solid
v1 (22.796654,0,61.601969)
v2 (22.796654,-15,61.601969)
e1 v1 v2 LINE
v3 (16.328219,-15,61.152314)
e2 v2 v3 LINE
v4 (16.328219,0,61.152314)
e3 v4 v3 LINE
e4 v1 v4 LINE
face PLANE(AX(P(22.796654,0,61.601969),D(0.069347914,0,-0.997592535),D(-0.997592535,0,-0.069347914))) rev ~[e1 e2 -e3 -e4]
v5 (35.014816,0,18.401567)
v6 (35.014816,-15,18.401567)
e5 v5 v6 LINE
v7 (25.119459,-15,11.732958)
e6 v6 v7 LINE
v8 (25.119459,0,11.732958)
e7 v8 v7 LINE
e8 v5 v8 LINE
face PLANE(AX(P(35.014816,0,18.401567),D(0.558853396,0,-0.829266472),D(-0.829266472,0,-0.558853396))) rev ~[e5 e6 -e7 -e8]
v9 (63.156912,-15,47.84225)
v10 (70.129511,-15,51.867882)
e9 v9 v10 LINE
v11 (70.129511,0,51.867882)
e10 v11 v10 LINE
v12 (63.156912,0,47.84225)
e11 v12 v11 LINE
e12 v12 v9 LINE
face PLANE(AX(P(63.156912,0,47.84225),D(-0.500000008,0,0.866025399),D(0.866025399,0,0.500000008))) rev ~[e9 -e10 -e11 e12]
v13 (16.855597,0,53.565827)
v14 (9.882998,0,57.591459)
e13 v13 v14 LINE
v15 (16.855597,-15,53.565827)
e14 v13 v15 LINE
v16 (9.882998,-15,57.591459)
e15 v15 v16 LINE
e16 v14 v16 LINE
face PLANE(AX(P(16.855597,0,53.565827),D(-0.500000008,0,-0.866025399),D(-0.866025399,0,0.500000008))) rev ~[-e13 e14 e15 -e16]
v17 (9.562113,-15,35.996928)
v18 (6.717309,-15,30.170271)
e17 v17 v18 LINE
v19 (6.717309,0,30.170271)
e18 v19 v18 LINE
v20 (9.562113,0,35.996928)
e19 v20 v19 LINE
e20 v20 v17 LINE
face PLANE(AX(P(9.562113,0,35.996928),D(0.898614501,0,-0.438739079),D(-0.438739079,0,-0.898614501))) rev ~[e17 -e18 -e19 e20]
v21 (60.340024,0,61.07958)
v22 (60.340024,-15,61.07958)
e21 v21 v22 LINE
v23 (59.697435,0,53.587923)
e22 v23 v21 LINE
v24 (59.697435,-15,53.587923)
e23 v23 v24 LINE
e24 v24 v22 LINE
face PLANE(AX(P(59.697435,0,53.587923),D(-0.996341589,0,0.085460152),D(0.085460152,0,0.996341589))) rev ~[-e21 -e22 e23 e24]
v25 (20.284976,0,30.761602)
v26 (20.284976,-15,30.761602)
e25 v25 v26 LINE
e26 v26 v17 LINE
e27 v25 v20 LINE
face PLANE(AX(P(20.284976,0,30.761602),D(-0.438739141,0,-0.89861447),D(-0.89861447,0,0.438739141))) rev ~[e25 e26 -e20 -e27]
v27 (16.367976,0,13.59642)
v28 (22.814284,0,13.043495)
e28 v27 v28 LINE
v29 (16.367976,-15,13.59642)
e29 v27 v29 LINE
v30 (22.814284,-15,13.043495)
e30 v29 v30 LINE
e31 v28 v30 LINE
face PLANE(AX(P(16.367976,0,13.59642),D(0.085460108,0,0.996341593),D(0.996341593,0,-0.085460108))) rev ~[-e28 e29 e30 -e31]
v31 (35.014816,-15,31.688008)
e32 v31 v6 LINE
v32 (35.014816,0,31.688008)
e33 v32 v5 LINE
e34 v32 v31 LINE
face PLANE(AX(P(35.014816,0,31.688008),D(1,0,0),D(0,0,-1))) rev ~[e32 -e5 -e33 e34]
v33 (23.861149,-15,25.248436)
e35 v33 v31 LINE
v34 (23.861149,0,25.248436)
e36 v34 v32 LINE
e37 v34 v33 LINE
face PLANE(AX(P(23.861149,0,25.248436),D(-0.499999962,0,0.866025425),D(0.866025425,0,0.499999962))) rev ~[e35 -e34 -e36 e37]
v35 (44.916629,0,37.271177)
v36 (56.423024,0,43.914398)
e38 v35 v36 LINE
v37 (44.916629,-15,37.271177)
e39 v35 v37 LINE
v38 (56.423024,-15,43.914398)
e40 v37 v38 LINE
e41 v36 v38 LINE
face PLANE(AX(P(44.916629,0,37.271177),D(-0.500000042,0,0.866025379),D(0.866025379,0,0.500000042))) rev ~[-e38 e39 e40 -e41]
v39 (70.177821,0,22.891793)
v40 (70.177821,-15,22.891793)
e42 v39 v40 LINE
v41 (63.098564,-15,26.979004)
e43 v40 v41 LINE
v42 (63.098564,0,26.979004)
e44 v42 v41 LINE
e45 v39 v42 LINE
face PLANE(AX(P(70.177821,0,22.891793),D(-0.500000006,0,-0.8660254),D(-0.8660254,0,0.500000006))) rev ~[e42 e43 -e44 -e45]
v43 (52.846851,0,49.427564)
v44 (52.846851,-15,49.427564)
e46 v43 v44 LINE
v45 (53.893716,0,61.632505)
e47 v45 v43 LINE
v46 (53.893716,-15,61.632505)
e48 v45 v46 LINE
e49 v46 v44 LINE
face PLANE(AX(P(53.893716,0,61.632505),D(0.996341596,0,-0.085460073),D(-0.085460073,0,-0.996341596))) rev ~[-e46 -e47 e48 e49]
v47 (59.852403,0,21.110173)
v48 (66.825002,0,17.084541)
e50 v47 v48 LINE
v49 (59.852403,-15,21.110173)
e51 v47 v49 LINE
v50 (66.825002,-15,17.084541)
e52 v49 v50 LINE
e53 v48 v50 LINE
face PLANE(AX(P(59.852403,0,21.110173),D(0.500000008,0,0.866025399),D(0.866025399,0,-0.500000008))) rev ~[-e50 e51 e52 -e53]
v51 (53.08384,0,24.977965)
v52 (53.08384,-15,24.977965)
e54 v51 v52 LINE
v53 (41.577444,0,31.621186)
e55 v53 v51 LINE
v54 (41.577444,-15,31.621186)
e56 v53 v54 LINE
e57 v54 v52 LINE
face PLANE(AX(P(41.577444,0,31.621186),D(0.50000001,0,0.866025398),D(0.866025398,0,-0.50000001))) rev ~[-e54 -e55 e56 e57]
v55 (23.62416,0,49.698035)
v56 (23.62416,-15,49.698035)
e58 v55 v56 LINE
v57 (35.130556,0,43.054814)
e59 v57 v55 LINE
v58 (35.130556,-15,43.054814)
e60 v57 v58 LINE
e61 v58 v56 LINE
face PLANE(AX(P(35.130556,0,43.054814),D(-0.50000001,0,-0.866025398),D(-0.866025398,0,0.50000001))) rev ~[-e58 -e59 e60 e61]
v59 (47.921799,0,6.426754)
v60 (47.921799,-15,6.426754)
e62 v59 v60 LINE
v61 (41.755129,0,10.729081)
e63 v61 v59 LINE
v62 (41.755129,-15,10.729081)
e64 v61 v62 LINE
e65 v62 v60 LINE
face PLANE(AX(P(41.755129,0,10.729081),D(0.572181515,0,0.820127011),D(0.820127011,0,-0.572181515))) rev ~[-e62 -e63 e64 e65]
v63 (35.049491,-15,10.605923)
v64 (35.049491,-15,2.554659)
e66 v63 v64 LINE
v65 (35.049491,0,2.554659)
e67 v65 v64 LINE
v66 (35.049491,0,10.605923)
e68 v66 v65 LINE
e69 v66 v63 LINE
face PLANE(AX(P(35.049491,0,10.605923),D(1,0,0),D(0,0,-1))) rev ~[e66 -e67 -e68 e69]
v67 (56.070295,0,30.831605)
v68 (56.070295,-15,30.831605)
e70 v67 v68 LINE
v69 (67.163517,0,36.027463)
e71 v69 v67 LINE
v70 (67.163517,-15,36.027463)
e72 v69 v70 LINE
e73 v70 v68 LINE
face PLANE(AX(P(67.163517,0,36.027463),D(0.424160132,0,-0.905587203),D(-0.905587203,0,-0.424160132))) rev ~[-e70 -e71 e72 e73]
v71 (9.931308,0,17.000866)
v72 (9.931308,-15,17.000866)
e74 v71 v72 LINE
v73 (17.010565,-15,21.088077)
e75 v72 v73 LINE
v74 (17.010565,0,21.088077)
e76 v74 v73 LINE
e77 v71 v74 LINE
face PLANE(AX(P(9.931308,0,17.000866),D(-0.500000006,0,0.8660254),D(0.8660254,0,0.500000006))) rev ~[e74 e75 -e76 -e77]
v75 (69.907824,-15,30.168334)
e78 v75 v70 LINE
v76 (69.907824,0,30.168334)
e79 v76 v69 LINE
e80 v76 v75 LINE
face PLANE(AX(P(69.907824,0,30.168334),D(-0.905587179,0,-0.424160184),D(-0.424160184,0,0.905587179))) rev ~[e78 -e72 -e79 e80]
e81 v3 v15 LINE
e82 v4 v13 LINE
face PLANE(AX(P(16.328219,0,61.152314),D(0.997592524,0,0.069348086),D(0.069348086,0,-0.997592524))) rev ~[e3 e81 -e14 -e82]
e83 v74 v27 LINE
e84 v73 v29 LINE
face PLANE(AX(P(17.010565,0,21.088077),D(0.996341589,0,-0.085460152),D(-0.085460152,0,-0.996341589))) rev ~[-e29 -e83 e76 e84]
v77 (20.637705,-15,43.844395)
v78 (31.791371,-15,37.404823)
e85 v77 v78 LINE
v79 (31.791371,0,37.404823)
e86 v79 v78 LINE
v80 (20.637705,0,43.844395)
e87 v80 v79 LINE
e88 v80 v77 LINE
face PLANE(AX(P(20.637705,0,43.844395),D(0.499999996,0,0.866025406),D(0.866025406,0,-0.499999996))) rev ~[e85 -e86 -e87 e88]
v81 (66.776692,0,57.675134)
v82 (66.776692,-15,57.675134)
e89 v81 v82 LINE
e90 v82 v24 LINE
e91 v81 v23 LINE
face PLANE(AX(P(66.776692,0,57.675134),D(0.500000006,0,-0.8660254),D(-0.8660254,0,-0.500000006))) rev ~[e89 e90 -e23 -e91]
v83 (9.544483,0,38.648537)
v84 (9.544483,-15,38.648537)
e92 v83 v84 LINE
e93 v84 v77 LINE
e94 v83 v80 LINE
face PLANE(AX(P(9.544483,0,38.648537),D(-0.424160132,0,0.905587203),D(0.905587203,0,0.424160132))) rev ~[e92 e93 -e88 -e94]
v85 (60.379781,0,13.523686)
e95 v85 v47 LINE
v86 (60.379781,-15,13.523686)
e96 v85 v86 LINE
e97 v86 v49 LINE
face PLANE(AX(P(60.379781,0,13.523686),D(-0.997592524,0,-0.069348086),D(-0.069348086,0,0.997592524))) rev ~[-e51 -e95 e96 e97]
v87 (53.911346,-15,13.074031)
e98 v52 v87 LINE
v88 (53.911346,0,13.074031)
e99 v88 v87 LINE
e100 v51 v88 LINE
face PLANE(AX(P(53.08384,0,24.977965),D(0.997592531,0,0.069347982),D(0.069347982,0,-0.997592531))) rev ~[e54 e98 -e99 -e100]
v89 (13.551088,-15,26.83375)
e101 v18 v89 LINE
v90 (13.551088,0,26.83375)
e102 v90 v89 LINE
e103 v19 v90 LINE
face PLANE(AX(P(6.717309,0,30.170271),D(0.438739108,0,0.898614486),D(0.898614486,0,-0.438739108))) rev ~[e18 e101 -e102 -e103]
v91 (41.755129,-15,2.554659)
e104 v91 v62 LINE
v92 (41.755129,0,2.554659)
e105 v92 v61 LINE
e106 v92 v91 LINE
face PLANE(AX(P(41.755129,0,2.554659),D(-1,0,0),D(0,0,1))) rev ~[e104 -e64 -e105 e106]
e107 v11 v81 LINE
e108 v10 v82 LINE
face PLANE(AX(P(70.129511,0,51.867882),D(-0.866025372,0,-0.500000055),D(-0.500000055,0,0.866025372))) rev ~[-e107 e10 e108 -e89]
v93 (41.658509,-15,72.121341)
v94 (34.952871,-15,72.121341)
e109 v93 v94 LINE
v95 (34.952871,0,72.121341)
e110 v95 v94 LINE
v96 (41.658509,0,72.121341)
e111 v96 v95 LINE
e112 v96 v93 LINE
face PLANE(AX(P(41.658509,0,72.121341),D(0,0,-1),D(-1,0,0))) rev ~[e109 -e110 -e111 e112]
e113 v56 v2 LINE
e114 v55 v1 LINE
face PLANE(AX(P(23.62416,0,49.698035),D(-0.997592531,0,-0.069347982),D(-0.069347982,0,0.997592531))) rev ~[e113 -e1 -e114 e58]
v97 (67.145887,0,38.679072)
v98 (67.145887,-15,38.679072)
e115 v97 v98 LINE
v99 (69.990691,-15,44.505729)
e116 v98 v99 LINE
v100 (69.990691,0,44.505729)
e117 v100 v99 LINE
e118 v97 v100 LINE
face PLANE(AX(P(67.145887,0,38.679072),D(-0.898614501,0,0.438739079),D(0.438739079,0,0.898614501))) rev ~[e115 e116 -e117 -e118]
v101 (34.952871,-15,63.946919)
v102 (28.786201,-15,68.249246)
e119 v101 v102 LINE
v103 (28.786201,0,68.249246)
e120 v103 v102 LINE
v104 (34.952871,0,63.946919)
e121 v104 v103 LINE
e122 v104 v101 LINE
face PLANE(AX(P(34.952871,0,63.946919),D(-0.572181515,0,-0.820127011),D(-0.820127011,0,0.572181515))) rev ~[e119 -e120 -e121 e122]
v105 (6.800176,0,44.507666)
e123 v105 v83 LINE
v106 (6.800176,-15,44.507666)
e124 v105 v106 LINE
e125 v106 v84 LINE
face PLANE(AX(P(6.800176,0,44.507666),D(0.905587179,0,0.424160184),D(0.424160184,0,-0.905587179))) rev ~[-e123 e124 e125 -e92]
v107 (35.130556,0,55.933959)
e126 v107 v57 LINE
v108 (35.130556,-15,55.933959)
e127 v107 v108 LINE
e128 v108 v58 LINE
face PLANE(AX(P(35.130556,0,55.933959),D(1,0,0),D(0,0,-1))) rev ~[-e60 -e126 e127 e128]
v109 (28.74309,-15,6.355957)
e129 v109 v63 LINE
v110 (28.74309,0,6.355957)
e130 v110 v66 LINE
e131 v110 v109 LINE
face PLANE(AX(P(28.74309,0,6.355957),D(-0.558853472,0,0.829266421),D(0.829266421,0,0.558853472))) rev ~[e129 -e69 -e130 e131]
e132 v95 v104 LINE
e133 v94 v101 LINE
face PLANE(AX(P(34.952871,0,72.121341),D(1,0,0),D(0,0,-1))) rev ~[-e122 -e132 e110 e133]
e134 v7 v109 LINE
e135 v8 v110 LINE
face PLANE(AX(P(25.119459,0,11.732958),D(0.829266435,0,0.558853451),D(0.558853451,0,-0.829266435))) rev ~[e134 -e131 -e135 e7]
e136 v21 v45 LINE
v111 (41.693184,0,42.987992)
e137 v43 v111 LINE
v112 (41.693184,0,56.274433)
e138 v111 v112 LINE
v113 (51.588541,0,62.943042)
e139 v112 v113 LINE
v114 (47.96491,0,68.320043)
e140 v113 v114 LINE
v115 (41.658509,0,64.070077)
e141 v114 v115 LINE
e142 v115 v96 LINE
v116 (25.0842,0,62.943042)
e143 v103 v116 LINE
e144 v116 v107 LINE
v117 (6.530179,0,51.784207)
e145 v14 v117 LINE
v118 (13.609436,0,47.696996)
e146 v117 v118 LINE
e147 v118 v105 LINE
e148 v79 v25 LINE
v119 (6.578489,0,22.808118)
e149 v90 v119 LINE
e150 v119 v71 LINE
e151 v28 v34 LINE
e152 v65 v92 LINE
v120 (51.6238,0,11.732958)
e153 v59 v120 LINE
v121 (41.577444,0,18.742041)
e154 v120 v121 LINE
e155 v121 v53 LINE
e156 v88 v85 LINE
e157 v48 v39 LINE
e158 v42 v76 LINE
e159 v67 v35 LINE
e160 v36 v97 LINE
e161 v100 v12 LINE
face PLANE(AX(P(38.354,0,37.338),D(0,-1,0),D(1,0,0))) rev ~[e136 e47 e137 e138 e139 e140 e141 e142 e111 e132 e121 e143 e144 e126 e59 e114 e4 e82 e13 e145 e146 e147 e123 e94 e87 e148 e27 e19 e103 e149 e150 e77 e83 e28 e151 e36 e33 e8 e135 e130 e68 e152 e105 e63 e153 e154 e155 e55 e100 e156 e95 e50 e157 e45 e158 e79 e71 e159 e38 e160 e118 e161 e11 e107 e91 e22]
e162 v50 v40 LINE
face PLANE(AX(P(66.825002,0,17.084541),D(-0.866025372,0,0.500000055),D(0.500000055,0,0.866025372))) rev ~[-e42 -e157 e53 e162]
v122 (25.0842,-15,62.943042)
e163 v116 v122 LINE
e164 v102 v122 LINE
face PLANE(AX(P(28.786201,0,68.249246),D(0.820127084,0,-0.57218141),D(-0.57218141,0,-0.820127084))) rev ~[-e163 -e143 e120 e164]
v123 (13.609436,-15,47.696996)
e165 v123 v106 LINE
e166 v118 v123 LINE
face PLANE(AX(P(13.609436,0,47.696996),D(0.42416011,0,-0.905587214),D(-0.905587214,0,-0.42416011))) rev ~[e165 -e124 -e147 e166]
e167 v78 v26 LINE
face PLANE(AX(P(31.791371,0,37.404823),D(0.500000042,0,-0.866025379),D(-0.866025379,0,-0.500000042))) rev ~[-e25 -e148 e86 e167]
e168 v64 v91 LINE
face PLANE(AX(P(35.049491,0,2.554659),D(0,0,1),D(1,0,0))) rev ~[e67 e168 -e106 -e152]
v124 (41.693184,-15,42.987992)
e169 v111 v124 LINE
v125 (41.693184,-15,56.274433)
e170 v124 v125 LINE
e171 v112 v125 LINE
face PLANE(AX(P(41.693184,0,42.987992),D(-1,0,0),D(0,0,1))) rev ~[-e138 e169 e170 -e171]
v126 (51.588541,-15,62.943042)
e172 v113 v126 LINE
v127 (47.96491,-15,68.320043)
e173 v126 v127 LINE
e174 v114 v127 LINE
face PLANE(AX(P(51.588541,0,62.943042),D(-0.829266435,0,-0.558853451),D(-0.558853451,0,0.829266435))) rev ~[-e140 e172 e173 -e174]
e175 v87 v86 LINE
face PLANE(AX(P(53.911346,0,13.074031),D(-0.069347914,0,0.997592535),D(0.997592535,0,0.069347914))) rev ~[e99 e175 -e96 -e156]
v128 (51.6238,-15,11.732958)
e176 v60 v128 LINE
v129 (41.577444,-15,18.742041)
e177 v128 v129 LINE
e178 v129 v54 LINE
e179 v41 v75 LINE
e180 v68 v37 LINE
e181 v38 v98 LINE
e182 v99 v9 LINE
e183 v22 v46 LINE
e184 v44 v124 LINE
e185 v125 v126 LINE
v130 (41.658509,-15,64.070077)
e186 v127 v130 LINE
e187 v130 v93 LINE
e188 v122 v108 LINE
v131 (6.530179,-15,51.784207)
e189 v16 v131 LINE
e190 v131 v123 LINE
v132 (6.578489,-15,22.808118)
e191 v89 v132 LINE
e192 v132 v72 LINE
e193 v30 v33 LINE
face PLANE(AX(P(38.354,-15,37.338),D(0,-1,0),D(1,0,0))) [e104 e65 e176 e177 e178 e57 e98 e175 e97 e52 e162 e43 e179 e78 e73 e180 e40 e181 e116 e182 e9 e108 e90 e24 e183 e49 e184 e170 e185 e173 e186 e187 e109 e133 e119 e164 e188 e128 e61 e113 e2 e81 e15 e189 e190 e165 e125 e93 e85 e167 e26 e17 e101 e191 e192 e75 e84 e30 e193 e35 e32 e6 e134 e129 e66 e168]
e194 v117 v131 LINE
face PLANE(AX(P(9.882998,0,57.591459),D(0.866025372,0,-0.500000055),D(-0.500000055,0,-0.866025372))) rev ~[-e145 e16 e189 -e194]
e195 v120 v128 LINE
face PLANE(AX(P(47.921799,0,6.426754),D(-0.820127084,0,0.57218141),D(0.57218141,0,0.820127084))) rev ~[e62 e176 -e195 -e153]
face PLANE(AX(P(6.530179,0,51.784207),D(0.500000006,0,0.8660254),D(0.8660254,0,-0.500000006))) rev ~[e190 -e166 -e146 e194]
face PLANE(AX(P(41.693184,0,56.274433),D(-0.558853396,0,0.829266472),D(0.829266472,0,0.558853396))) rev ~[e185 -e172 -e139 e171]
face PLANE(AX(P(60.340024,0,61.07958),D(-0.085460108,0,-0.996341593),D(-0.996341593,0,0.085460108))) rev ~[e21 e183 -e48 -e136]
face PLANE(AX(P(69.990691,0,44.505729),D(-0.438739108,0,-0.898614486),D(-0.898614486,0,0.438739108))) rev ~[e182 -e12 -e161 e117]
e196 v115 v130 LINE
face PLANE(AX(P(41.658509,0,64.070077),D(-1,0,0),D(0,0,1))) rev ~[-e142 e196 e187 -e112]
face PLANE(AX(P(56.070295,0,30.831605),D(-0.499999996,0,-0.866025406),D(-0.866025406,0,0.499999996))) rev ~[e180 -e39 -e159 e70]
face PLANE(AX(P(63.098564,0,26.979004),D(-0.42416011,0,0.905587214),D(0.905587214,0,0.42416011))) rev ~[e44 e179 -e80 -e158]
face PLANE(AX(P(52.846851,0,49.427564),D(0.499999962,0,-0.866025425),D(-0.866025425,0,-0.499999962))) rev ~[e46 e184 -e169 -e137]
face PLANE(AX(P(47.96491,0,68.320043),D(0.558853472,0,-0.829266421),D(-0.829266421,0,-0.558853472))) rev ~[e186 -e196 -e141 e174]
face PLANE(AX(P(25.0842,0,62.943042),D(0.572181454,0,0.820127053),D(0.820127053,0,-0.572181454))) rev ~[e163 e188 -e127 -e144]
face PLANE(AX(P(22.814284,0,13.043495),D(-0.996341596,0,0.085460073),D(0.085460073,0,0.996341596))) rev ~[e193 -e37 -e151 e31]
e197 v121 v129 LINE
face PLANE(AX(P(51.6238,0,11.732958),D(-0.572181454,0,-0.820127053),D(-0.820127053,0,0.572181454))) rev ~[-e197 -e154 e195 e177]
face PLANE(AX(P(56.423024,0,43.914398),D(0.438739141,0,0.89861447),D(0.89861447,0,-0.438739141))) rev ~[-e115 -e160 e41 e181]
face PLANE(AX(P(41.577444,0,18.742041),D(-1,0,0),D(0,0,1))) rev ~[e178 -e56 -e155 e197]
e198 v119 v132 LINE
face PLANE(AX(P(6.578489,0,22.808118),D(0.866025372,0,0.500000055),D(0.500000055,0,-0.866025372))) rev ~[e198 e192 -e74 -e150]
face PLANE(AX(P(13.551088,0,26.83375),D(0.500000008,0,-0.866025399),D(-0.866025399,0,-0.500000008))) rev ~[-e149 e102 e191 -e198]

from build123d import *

# Parameters (mm, degrees)
F1_DEPTH = 15


with BuildPart() as f1:
    # F0 (on Front) → F1 (new body)
    with BuildSketch(Plane.XZ):
        Polygon((23.861149, 25.248436), (35.014816, 31.688008), (35.014816, 18.401567), (25.119459, 11.732958), (28.74309, 6.355957), (35.049491, 10.605923), (35.049491, 2.554659), (41.755129, 2.554659), (41.755129, 10.729081), (47.921799, 6.426754), (51.6238, 11.732958), (41.577444, 18.742041), (41.577444, 31.621186), (53.08384, 24.977965), (53.911346, 13.074031), (60.379781, 13.523686), (59.852403, 21.110173), (66.825002, 17.084541), (70.177821, 22.891793), (63.098564, 26.979004), (69.907824, 30.168334), (67.163517, 36.027463), (56.070295, 30.831605), (44.916629, 37.271177), (56.423024, 43.914398), (67.145887, 38.679072), (69.990691, 44.505729), (63.156912, 47.84225), (70.129511, 51.867882), (66.776692, 57.675134), (59.697435, 53.587923), (60.340024, 61.07958), (53.893716, 61.632505), (52.846851, 49.427564), (41.693184, 42.987992), (41.693184, 56.274433), (51.588541, 62.943042), (47.96491, 68.320043), (41.658509, 64.070077), (41.658509, 72.121341), (34.952871, 72.121341), (34.952871, 63.946919), (28.786201, 68.249246), (25.0842, 62.943042), (35.130556, 55.933959), (35.130556, 43.054814), (23.62416, 49.698035), (22.796654, 61.601969), (16.328219, 61.152314), (16.855597, 53.565827), (9.882998, 57.591459), (6.530179, 51.784207), (13.609436, 47.696996), (6.800176, 44.507666), (9.544483, 38.648537), (20.637705, 43.844395), (31.791371, 37.404823), (20.284976, 30.761602), (9.562113, 35.996928), (6.717309, 30.170271), (13.551088, 26.83375), (6.578489, 22.808118), (9.931308, 17.000866), (17.010565, 21.088077), (16.367976, 13.59642), (22.814284, 13.043495), align=None)
    extrude(amount=F1_DEPTH)


solid = f1.part
